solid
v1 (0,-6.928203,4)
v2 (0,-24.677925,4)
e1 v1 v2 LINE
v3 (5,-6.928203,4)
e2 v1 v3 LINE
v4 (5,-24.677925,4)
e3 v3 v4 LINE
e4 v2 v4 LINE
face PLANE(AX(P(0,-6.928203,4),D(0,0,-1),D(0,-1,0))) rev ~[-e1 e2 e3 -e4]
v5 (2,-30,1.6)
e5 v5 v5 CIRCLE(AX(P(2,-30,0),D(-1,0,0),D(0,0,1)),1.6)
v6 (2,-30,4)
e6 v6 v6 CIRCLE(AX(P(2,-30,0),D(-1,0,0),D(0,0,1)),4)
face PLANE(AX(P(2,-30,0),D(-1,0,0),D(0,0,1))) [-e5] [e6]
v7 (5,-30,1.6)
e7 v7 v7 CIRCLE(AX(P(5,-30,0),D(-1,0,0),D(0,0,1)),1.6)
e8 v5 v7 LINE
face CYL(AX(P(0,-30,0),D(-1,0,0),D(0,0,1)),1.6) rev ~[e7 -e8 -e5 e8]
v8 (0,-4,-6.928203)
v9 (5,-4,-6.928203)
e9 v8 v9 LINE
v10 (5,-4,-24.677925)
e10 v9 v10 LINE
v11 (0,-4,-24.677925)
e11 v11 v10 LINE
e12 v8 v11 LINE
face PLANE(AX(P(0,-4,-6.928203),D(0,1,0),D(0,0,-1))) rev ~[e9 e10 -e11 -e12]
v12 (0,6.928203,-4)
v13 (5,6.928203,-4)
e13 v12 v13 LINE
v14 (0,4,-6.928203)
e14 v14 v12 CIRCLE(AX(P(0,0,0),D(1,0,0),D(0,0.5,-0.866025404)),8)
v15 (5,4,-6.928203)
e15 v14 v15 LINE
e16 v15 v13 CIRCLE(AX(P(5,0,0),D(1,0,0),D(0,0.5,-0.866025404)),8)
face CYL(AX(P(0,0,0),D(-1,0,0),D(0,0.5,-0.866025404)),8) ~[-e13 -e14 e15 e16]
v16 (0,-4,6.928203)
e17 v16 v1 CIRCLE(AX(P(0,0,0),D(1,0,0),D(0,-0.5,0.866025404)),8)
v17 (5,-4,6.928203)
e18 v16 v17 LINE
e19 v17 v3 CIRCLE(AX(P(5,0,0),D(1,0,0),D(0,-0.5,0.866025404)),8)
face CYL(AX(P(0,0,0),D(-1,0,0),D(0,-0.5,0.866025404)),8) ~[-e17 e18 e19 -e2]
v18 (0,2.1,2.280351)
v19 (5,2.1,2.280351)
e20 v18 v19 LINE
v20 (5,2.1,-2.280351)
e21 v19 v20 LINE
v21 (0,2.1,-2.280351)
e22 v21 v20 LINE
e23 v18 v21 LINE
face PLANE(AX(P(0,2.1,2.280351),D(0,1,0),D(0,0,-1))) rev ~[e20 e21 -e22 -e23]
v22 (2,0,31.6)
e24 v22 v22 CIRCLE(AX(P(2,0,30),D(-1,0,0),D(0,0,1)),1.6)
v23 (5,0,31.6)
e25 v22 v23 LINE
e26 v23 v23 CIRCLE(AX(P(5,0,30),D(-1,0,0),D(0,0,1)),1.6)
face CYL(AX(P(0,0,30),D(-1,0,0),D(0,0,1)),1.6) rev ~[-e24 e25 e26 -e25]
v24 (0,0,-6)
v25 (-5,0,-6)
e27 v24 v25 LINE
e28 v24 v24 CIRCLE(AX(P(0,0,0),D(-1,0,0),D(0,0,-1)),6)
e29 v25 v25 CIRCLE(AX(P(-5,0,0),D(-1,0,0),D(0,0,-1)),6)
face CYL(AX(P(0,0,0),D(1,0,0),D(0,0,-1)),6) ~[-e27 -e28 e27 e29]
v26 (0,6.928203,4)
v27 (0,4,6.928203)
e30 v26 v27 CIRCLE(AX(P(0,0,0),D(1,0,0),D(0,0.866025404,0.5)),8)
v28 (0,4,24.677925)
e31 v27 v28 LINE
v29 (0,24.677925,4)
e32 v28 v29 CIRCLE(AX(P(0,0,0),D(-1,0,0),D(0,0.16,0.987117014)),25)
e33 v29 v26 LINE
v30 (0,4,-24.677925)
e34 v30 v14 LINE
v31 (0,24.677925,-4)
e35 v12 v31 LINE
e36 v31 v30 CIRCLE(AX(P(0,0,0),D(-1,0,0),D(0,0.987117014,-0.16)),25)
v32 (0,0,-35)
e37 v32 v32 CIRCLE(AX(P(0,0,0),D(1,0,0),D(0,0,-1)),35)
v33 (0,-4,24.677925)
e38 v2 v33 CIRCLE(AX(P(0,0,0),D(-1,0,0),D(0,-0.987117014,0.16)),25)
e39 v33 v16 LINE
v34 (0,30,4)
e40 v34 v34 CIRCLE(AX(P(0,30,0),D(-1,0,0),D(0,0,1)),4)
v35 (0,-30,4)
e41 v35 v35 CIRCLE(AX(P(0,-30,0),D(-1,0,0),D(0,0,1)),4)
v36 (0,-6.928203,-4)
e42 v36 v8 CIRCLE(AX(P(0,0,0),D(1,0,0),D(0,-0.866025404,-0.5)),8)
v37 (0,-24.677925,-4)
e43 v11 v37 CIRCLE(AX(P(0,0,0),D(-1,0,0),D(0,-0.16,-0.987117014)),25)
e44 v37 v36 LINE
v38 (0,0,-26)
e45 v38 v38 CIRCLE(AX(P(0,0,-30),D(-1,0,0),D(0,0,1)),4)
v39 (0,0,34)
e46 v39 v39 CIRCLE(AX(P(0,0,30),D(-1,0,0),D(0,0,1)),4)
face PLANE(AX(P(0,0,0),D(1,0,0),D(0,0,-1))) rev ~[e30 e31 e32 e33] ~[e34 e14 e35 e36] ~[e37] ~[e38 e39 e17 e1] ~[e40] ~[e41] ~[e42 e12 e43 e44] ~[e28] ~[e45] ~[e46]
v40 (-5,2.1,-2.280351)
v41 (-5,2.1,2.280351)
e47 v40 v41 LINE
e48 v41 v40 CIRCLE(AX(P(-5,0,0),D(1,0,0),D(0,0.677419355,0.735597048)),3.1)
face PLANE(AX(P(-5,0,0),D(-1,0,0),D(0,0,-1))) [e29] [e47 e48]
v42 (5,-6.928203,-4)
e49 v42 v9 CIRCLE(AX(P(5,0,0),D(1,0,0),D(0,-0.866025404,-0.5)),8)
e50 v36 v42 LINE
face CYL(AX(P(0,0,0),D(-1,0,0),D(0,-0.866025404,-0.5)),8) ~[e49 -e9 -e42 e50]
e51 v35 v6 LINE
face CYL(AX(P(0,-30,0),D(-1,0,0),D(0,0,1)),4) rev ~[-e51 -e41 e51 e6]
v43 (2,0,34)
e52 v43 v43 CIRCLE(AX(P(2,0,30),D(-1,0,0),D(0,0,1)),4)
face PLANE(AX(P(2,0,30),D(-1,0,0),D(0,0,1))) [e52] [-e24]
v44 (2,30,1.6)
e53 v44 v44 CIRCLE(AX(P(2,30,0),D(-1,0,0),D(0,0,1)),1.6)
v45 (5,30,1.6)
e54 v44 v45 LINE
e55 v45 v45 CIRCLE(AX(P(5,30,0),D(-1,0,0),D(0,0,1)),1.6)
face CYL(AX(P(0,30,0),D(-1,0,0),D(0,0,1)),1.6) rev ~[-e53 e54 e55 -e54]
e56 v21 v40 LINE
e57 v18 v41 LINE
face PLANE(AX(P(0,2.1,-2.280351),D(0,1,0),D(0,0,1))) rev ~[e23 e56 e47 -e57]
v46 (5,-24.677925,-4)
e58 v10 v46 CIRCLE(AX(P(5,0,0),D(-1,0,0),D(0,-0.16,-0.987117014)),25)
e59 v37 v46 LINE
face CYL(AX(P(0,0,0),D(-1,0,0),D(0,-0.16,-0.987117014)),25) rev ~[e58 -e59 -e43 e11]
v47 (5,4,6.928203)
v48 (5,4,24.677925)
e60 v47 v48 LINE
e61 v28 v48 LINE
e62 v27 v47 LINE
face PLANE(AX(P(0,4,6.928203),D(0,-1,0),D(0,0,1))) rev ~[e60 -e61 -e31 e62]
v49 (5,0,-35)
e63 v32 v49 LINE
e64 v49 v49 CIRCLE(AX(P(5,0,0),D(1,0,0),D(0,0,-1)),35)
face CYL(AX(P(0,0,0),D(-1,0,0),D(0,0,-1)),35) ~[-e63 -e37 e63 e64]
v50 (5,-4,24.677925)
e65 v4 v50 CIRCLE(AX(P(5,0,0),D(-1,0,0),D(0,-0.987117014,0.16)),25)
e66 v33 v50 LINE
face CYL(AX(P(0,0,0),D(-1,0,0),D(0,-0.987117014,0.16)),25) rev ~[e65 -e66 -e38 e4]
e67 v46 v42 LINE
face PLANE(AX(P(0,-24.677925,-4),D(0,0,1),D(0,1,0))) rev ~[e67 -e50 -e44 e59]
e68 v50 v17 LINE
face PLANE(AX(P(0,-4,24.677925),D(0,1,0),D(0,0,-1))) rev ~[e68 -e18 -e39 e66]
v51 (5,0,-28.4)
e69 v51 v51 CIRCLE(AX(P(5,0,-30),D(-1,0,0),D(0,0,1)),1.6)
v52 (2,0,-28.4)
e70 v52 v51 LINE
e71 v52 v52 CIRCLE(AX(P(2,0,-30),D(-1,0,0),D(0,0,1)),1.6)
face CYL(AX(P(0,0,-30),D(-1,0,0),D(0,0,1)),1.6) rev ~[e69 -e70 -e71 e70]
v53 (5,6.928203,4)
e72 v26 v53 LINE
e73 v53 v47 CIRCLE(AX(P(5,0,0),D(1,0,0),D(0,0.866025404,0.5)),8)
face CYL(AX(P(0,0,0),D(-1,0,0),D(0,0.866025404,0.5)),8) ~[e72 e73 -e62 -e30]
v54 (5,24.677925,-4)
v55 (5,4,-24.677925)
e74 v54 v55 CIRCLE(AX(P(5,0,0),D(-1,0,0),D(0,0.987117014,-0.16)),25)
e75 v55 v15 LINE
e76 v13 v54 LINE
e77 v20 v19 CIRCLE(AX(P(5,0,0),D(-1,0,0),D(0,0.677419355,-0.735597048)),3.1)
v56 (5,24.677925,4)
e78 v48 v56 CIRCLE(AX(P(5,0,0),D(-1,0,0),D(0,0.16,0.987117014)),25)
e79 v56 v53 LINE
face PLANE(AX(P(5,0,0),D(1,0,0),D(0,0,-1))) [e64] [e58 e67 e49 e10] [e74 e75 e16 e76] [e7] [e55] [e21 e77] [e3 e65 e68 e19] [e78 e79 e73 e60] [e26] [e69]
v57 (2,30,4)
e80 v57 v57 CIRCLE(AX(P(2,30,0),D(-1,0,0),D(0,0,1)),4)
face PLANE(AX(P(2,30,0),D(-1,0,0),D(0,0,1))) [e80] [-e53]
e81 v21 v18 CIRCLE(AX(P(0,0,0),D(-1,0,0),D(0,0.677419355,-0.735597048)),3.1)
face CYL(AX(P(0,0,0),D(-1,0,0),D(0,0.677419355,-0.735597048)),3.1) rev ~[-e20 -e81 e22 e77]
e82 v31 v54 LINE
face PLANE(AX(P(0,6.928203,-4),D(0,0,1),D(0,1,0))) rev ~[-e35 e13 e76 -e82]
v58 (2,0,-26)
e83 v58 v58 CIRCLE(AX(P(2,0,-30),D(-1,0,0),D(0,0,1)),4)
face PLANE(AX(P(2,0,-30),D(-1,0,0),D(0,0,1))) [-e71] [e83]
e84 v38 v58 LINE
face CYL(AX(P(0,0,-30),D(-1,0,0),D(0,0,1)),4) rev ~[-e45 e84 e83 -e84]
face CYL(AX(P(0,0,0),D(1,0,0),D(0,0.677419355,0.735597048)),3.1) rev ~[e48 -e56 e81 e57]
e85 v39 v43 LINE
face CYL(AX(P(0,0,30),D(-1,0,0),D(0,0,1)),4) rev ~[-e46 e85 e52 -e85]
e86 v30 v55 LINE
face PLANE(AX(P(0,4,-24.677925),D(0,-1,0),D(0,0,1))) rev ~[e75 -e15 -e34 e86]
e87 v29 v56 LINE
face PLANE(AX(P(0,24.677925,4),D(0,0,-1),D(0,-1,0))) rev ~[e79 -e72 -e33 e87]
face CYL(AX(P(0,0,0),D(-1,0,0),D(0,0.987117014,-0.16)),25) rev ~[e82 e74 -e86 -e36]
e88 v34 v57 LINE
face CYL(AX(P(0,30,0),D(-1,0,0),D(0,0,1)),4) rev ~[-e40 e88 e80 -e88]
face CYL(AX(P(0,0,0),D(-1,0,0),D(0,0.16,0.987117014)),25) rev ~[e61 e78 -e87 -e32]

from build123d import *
from build123d.topology import SkipClean

# Parameters (mm, degrees)
SKETCH1_R           = 35
BOSS_EXTRUDE1_DEPTH = 5
SKETCH2_R           = 1.6
CUT_EXTRUDE1_DEPTH  = 50.749371855
SKETCH3_R           = 6
BOSS_EXTRUDE2_DEPTH = 5
SKETCH6_R           = 4
CUT_EXTRUDE2_DEPTH  = 2


with BuildPart() as part:
    # Sketch1 → Boss-Extrude1 (new body)
    with BuildSketch(Plane(origin=(0, 0, 0), x_dir=(0, 0, -1), z_dir=(1, 0, 0))):
        Circle(SKETCH1_R)
        with BuildLine():
            Line((4, 6.92820323), (4, 24.677925359))
            ThreePointArc((4, 24.677925359), (17.67766953, 17.67766953), (24.677925359, 4))
            Line((24.677925359, 4), (6.92820323, 4))
            ThreePointArc((6.92820323, 4), (5.656854249, 5.656854249), (4, 6.92820323))
        make_face(mode=Mode.SUBTRACT)
        with BuildLine():
            Line((-4, 24.677925359), (-4, 6.92820323))
            ThreePointArc((-4, 6.92820323), (-5.656854249, 5.656854249), (-6.92820323, 4))
            Line((-6.92820323, 4), (-24.677925359, 4))
            ThreePointArc((-24.677925359, 4), (-17.67766953, 17.67766953), (-4, 24.677925359))
        make_face(mode=Mode.SUBTRACT)
        with BuildLine():
            Line((-24.677925359, -4), (-6.92820323, -4))
            ThreePointArc((-6.92820323, -4), (-5.656854249, -5.656854249), (-4, -6.92820323))
            Line((-4, -6.92820323), (-4, -24.677925359))
            ThreePointArc((-4, -24.677925359), (-17.67766953, -17.67766953), (-24.677925359, -4))
        make_face(mode=Mode.SUBTRACT)
        with BuildLine():
            Line((4, -24.677925359), (4, -6.92820323))
            ThreePointArc((4, -6.92820323), (5.656854249, -5.656854249), (6.92820323, -4))
            Line((6.92820323, -4), (24.677925359, -4))
            ThreePointArc((24.677925359, -4), (17.67766953, -17.67766953), (4, -24.677925359))
        make_face(mode=Mode.SUBTRACT)
        with BuildLine():
            Line((-2.28035085, 2.1), (2.28035085, 2.1))
            ThreePointArc((2.28035085, 2.1), (0, -3.1), (-2.28035085, 2.1))
        make_face(mode=Mode.SUBTRACT)
    extrude(amount=BOSS_EXTRUDE1_DEPTH)

    # Sketch2 → Cut-Extrude1 (cut, through all)
    with BuildSketch(Plane.ZY):
        with Locations((0, 30)):
            Circle(SKETCH2_R)
        with Locations((30, 0)):
            Circle(SKETCH2_R)
        with Locations((0, -30)):
            Circle(SKETCH2_R)
        with Locations((-30, 0)):
            Circle(SKETCH2_R)
    extrude(amount=-CUT_EXTRUDE1_DEPTH, mode=Mode.SUBTRACT)

    # Sketch3 → Boss-Extrude2 (add)
    with SkipClean():  # the faces are left unmerged after this step: merging them gives an invalid solid
        with BuildSketch(Plane.ZY):
            with Locations(Location((0, 0, 0), (0, 0, 180))):
                Circle(SKETCH3_R)
            with BuildLine():
                Line((-2.28035085, 2.1), (2.28035085, 2.1))
                ThreePointArc((2.28035085, 2.1), (0, -3.1), (-2.28035085, 2.1))
            make_face(mode=Mode.SUBTRACT)
        extrude(amount=BOSS_EXTRUDE2_DEPTH)

    # Sketch6 → Cut-Extrude2 (cut)
    with SkipClean():  # the faces are left unmerged after this step: merging them gives an invalid solid
        with BuildSketch(Plane.ZY):
            with Locations((0, 30)):
                Circle(SKETCH6_R)
            with Locations((30, 0)):
                Circle(SKETCH6_R)
            with Locations((0, -30)):
                Circle(SKETCH6_R)
            with Locations((-30, 0)):
                Circle(SKETCH6_R)
        extrude(amount=-CUT_EXTRUDE2_DEPTH, mode=Mode.SUBTRACT)


solid = part.part
